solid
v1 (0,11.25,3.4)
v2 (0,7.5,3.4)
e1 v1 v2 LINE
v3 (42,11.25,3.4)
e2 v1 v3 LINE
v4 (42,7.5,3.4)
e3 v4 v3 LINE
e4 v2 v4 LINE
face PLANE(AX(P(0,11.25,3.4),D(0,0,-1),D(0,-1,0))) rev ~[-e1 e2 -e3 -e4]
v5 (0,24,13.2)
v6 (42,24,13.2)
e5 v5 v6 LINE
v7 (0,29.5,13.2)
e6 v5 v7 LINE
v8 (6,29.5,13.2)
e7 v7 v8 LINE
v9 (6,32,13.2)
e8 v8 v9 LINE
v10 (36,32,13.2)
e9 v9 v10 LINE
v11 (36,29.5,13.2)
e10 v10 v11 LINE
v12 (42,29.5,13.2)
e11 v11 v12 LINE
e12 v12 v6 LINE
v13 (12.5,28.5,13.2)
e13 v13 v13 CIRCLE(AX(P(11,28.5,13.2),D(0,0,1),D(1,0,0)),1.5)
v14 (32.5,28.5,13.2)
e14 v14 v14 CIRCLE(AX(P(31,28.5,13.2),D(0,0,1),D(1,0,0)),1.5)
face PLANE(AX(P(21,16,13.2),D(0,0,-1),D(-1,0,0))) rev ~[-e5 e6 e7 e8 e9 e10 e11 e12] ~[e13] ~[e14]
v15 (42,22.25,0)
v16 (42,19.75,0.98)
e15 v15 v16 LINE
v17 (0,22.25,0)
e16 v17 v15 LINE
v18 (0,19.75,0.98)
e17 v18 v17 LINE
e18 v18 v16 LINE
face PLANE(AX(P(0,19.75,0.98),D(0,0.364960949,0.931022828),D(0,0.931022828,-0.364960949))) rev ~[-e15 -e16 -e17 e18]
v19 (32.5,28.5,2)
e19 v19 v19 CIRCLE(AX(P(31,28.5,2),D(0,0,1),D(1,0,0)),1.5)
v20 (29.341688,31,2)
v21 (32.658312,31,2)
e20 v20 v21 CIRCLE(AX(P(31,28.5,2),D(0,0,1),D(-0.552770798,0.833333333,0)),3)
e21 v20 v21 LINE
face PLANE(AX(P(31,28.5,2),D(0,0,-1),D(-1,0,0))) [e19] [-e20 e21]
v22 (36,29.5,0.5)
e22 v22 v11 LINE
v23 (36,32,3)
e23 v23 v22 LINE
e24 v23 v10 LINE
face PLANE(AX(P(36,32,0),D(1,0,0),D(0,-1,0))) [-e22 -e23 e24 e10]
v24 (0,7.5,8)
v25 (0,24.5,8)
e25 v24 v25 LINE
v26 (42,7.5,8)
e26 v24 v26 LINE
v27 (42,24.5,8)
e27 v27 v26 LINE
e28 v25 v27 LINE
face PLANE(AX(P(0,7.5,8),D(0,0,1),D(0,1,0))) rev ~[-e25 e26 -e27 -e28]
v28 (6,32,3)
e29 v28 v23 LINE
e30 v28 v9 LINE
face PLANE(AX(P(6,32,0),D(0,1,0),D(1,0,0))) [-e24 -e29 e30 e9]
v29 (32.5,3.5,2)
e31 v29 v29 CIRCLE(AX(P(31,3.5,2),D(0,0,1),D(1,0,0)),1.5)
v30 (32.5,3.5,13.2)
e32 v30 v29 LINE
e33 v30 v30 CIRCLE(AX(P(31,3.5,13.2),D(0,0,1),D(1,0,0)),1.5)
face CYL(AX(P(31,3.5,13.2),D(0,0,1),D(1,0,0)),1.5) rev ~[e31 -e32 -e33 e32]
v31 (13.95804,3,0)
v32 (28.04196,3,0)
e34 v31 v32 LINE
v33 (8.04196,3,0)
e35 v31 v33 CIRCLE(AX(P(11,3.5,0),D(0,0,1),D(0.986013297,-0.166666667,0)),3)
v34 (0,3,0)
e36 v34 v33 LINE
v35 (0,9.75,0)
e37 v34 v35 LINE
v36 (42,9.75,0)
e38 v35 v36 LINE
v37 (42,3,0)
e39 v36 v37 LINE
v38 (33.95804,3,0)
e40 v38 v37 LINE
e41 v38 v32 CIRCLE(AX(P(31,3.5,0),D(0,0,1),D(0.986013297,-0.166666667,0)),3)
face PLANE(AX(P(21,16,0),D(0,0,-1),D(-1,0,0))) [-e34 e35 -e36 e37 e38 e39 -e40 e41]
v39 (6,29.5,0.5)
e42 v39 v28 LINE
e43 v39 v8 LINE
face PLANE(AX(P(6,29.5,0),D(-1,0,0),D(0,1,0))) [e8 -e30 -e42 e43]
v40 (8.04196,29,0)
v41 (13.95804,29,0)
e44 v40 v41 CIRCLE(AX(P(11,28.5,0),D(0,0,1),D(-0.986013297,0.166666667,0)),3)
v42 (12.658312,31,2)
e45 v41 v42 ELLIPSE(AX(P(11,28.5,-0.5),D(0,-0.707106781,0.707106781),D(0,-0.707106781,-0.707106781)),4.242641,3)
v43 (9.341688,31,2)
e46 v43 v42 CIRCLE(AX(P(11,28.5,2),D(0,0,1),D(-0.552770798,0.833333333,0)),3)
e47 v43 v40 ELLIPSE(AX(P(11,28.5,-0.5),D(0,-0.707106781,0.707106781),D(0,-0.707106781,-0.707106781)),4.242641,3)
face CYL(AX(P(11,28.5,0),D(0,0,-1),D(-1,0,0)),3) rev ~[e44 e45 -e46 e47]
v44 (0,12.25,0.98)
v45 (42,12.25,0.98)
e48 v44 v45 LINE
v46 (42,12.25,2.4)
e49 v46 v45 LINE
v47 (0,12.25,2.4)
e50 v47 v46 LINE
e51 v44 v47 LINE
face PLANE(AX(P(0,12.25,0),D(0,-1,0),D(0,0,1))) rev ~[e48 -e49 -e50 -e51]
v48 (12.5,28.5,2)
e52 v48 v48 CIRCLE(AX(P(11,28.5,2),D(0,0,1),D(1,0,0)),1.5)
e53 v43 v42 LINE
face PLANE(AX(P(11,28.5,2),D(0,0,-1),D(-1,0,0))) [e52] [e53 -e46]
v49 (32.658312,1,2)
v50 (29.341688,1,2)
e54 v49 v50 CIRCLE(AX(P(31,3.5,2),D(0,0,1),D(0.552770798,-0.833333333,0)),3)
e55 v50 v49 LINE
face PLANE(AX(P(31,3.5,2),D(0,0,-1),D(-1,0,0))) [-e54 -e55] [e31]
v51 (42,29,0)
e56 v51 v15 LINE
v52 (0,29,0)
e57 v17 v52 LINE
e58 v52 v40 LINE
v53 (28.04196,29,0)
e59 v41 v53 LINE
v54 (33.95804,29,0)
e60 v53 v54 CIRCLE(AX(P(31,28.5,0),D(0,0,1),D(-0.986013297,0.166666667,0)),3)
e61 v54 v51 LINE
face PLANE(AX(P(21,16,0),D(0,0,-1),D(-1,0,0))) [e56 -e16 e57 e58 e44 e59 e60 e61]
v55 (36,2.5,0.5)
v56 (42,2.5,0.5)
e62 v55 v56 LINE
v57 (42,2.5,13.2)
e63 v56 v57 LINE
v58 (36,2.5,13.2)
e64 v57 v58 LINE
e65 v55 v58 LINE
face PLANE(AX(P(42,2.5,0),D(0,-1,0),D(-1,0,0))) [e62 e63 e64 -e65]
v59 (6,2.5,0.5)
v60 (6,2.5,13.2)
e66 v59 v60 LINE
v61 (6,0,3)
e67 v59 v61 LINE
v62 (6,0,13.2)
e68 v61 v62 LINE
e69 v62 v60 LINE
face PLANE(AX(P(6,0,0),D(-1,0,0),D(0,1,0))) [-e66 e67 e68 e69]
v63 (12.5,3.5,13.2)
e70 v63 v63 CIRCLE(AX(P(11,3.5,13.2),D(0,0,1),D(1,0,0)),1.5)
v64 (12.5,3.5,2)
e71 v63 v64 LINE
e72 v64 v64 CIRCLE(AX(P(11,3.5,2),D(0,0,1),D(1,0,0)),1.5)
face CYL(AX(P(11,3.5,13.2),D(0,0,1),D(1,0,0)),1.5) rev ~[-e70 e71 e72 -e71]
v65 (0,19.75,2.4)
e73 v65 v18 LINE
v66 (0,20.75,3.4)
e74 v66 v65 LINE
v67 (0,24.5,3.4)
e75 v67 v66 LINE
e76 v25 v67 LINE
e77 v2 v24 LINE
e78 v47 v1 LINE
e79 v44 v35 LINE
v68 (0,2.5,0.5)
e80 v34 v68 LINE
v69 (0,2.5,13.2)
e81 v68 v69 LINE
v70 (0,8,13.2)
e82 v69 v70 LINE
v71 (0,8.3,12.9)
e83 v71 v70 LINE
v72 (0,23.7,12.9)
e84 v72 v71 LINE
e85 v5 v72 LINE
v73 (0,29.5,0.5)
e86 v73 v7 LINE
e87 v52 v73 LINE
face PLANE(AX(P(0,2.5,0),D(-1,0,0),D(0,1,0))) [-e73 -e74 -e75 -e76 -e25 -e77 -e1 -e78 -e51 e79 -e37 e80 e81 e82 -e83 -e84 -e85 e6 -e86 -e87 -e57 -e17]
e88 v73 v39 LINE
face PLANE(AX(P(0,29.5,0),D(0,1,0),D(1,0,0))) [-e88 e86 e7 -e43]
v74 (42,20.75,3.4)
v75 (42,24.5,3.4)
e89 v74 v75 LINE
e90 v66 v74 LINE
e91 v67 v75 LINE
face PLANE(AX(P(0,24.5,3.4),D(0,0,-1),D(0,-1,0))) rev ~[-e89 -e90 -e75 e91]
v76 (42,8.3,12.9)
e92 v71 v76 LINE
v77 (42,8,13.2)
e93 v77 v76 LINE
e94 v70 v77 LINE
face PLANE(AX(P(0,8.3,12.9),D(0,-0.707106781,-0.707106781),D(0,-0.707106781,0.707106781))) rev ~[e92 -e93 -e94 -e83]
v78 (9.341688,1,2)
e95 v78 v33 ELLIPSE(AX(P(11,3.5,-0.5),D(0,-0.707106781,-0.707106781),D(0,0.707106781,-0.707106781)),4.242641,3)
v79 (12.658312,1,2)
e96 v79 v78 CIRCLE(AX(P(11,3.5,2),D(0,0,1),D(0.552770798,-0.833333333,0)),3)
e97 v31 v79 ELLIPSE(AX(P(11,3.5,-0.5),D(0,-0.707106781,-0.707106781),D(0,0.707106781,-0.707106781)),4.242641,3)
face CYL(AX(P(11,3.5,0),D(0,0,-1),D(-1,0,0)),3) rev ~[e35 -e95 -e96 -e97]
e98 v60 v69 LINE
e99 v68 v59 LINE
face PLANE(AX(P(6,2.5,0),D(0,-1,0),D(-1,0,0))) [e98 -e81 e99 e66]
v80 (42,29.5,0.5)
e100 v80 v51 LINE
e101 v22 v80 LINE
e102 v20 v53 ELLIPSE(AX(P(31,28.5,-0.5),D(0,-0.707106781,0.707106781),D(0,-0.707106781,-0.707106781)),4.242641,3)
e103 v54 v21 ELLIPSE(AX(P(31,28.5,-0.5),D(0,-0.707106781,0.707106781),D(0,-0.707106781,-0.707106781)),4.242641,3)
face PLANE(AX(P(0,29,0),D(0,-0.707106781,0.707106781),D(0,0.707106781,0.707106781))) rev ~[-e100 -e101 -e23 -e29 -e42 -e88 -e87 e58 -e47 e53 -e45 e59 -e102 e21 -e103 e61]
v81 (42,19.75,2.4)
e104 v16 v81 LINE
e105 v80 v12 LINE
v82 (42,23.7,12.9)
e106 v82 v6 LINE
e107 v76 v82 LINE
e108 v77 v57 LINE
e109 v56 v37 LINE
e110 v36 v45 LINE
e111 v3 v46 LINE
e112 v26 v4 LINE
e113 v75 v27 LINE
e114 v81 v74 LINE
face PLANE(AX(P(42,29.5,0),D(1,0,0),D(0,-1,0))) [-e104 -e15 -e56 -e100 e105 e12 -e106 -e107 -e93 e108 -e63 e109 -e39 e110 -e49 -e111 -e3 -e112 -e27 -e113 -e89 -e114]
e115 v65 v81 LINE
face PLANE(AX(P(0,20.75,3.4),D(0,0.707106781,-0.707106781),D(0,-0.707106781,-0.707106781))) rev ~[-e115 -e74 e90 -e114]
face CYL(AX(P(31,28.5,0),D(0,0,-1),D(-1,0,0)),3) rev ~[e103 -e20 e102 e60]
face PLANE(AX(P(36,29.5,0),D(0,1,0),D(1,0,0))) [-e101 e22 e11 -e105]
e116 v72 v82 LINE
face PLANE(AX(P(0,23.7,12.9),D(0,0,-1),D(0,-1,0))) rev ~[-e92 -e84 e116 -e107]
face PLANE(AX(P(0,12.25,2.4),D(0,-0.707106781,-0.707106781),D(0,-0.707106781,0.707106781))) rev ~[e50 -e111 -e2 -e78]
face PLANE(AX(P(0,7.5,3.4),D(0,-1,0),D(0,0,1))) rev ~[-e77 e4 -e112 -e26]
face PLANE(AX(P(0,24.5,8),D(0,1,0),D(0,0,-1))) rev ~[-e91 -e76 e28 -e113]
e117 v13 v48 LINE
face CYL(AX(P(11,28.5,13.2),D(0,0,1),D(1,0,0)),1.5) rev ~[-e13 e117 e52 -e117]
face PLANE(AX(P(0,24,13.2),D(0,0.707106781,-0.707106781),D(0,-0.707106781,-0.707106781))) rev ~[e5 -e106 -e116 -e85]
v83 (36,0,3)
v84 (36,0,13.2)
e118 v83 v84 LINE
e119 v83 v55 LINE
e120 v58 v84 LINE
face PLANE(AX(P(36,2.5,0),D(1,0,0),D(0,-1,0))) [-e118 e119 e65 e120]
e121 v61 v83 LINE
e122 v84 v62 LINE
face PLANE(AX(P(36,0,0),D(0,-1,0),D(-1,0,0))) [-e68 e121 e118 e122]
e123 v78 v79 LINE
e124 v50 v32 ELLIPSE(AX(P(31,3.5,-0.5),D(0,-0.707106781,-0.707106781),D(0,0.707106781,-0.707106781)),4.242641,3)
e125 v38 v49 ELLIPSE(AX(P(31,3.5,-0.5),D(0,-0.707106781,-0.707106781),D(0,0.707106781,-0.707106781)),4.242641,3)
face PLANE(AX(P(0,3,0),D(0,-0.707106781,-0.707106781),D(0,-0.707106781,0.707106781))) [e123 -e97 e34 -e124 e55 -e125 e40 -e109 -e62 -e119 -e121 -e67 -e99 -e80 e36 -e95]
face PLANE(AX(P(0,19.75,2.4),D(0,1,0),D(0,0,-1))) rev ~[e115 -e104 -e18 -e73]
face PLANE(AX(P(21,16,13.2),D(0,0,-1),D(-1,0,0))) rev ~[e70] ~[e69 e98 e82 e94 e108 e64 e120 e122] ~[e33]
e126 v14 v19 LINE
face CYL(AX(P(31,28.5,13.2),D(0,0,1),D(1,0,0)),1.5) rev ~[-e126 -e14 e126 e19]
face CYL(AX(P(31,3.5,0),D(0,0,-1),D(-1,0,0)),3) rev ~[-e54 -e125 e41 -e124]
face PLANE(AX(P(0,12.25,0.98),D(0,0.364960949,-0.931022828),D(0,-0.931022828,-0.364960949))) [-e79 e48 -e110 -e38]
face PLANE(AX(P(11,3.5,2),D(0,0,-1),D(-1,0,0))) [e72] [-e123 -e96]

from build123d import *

# Parameters (mm, degrees)
BOSS_EXTRUDE1_DEPTH = 13.2
CUT_EXTRUDE4_DEPTH  = 55.426464151
CUT_EXTRUDE5_DEPTH  = 55.426464151
SKETCH5_R           = 1.5
CUT_EXTRUDE6_DEPTH  = 55.426464151
SKETCH6_R           = 3
CUT_EXTRUDE7_DEPTH  = 2


with BuildPart() as part:
    # Sketch1 → Boss-Extrude1 (new body)
    with BuildSketch(Plane.XY):
        Polygon((0, 29.5), (6, 29.5), (6, 32), (36, 32), (36, 29.5), (42, 29.5), (42, 2.5), (36, 2.5), (36, 0), (6, 0), (6, 2.5), (0, 2.5), align=None)
    extrude(amount=BOSS_EXTRUDE1_DEPTH)

    # Sketch3 → Cut-Extrude4 (cut, through all)
    with BuildSketch(Plane(origin=(0, 0, 0), x_dir=(0, 0, -1), z_dir=(1, 0, 0))):
        Polygon((-2.4, 19.75), (0, 19.75), (0, 12.25), (-2.4, 12.25), (-3.4, 11.25), (-3.4, 7.5), (-8, 7.5), (-8, 24.5), (-3.4, 24.5), (-3.4, 20.75), align=None)
    extrude(amount=CUT_EXTRUDE4_DEPTH, mode=Mode.SUBTRACT)

    # Sketch4 → Cut-Extrude5 (cut, through all)
    with BuildSketch(Plane(origin=(0, 0, 0), x_dir=(0, 0, -1), z_dir=(1, 0, 0))):
        Polygon((-13.2, 24), (-12.9, 23.7), (-12.9, 8.3), (-13.2, 8), align=None)
        Polygon((0, 3), (-3, 0), (0, 0), align=None)
        Polygon((0, 32), (0, 29), (-3, 32), align=None)
        Polygon((-0.98, 12.25), (0, 9.75), (0, 12.25), align=None)
        Polygon((-0.98, 19.75), (0, 22.25), (0, 19.75), align=None)
    extrude(amount=CUT_EXTRUDE5_DEPTH, mode=Mode.SUBTRACT)

    # Sketch5 → Cut-Extrude6 (cut, through all)
    with BuildSketch(Plane.XY.offset(13.2)):
        with Locations((11, 28.5)):
            Circle(SKETCH5_R)
        with Locations((31, 28.5)):
            Circle(SKETCH5_R)
        with Locations((31, 3.5)):
            Circle(SKETCH5_R)
        with Locations((11, 3.5)):
            Circle(SKETCH5_R)
    extrude(amount=-CUT_EXTRUDE6_DEPTH, mode=Mode.SUBTRACT)

    # Sketch6 → Cut-Extrude7 (cut)
    with BuildSketch(Plane(origin=(0, 0, 0), x_dir=(-1, 0, 0), z_dir=(0, 0, -1))):
        with Locations((-31, 28.5)):
            Circle(SKETCH6_R)
        with Locations((-11, 28.5)):
            Circle(SKETCH6_R)
        with Locations((-11, 3.5)):
            Circle(SKETCH6_R)
        with Locations((-31, 3.5)):
            Circle(SKETCH6_R)
    extrude(amount=-CUT_EXTRUDE7_DEPTH, mode=Mode.SUBTRACT)


solid = part.part
